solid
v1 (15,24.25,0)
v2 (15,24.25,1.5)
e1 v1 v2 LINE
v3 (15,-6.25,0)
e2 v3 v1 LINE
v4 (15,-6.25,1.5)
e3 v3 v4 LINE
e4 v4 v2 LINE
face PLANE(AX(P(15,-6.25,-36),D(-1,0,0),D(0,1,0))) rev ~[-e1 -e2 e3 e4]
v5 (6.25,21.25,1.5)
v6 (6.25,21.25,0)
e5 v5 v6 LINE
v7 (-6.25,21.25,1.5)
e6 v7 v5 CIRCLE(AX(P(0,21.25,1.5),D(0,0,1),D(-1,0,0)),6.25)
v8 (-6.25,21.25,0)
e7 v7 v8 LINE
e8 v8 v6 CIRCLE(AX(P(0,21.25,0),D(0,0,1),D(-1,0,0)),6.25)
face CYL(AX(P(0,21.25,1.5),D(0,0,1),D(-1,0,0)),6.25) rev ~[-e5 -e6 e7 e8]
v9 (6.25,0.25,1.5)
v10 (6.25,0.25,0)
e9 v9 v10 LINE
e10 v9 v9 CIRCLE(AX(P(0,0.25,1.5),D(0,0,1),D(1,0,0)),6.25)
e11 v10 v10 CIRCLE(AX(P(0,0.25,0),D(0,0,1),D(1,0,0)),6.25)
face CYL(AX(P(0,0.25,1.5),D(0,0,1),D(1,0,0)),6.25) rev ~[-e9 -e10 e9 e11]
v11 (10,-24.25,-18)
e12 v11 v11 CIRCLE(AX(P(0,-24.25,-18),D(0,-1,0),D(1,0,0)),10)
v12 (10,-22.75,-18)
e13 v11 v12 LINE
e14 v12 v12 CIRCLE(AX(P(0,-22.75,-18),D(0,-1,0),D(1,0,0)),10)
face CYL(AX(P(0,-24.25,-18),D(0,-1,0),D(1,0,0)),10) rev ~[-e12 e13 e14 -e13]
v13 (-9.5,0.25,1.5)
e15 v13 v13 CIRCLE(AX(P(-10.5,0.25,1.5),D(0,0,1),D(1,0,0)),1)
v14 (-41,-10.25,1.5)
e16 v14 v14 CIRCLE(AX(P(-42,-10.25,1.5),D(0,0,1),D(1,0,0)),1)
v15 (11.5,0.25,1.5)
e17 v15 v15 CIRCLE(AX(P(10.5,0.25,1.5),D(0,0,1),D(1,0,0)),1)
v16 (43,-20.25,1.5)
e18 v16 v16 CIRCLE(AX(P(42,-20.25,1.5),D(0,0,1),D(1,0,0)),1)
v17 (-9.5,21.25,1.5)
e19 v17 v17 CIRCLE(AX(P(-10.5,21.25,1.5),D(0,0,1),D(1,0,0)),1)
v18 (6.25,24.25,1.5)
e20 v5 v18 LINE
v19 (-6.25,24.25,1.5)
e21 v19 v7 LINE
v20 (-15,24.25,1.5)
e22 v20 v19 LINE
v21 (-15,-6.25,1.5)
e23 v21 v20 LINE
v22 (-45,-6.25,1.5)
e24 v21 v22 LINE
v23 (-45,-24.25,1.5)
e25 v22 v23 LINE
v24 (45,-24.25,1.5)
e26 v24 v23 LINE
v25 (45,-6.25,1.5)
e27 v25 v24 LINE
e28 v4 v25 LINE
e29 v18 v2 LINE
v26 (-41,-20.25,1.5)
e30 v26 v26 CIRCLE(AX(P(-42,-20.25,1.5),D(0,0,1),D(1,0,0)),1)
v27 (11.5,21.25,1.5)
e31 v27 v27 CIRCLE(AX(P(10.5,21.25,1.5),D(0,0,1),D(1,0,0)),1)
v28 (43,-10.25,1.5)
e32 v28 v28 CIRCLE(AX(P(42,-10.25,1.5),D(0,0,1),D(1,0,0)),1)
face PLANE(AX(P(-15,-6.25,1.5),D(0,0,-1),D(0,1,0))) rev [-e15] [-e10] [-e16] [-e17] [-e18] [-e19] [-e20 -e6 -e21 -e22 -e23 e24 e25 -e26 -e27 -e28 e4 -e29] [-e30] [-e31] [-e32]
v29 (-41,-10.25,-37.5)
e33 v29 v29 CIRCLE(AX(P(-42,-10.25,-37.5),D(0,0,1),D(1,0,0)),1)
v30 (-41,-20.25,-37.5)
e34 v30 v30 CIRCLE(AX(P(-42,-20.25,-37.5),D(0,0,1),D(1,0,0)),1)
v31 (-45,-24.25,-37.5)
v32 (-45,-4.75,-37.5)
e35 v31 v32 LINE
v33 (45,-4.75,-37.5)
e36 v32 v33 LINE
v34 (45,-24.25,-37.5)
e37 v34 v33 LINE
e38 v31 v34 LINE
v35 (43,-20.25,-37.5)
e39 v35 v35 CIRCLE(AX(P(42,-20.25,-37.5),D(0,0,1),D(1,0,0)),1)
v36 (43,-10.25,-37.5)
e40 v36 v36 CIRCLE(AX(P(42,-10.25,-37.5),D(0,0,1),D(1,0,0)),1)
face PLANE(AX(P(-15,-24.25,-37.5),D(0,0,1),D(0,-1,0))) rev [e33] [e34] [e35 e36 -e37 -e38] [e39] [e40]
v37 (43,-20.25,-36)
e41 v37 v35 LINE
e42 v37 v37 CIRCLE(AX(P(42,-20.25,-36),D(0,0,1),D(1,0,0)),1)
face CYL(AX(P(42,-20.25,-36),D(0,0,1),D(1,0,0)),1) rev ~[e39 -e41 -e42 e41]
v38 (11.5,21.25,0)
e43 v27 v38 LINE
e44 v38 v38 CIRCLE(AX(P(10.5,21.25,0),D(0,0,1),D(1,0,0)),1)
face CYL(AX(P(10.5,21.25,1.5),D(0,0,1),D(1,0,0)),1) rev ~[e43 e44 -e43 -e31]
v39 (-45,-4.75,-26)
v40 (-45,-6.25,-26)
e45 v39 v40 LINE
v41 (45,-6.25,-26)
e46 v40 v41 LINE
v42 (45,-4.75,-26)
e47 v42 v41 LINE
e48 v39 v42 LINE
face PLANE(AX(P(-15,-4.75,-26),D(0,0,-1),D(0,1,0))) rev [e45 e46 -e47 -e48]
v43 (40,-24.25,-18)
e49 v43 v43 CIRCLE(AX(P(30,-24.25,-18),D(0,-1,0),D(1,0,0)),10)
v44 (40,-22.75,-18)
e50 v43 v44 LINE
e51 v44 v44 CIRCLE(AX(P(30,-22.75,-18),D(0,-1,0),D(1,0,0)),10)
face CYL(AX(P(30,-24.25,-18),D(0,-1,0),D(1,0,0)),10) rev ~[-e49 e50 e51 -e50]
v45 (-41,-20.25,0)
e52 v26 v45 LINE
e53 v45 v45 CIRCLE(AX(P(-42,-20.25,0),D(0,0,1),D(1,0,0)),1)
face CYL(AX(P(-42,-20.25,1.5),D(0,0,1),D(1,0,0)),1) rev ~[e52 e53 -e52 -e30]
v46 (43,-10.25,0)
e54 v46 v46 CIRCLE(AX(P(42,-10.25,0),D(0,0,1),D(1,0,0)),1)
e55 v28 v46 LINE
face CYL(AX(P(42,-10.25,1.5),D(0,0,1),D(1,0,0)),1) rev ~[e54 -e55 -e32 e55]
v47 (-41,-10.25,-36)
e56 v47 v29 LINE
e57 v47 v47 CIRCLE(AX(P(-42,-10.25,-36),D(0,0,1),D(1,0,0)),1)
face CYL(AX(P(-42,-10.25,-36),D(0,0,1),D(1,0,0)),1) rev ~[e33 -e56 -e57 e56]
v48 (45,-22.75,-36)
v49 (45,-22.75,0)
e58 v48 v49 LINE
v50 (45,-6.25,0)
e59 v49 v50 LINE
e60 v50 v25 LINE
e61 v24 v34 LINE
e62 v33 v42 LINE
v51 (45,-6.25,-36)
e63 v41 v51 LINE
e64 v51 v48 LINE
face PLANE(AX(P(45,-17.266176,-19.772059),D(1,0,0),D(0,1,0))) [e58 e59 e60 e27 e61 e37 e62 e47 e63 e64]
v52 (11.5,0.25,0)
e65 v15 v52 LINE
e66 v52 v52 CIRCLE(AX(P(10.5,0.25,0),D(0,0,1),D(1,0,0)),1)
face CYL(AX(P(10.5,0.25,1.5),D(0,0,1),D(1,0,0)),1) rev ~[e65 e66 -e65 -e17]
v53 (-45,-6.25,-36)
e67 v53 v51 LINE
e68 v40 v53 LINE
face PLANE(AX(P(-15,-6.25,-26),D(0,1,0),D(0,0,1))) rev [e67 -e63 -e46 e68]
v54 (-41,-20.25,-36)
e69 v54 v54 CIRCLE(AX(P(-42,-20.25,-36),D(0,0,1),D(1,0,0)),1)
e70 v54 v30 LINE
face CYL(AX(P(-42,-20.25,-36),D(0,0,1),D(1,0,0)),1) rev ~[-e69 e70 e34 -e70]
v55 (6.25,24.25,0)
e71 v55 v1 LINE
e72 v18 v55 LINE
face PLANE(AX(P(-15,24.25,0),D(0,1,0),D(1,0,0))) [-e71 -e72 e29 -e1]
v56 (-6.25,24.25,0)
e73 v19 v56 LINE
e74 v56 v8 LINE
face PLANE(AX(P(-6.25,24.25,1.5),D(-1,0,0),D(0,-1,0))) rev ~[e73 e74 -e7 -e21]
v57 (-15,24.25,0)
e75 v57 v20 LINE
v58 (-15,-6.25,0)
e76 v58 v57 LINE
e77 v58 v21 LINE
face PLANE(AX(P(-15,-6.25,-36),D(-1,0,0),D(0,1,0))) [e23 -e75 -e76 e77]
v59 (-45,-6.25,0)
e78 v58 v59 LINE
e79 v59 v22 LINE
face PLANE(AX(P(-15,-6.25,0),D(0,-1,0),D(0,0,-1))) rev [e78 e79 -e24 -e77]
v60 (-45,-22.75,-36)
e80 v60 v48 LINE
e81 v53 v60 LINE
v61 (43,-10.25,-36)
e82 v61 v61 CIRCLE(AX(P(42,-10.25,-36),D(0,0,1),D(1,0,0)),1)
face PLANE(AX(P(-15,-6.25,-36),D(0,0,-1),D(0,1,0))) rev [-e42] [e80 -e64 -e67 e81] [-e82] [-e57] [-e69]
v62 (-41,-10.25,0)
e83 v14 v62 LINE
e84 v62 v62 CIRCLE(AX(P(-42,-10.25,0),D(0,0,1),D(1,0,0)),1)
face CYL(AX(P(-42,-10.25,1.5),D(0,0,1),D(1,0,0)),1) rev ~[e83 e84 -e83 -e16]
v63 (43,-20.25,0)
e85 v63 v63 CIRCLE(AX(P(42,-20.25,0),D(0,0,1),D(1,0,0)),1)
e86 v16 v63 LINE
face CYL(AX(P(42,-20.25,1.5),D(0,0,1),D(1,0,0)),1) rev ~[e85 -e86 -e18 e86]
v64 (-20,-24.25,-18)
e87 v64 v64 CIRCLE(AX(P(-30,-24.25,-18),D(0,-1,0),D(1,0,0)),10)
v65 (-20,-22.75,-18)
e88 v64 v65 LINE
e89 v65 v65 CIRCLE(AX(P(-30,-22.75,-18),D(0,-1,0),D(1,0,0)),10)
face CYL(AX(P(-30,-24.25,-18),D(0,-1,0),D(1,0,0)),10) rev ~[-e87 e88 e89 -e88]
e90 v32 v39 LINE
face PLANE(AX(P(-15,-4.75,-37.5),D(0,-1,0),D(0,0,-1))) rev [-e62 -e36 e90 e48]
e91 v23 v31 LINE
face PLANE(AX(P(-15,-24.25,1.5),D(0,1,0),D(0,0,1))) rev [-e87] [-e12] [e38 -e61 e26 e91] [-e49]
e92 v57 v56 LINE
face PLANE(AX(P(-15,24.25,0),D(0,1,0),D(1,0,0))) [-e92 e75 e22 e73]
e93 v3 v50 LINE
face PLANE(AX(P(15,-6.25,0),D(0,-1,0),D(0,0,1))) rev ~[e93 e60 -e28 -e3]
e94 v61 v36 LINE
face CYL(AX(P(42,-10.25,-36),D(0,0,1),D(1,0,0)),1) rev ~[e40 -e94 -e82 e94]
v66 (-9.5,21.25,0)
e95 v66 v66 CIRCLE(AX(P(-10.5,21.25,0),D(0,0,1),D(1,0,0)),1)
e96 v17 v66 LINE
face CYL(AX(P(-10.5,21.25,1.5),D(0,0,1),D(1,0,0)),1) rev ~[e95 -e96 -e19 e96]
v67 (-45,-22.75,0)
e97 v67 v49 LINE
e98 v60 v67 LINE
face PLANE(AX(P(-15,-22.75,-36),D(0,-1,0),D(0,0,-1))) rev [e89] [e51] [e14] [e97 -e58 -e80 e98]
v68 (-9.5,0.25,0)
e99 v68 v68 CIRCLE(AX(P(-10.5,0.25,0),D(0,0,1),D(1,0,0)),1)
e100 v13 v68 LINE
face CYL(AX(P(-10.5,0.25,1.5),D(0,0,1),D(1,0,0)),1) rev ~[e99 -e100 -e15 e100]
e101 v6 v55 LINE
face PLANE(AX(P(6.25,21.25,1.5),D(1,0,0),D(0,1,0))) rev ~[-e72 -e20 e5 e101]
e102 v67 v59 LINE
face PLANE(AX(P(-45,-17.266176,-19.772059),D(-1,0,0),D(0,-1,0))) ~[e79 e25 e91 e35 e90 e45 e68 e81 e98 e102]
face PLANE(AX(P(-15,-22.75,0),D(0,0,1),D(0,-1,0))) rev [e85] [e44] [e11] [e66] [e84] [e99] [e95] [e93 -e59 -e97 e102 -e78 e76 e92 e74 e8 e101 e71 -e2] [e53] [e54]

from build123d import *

# Parameters (mm, degrees)
F0_W      = 30
F0_H      = 48.5
F1_DEPTH  = 1.5
F2_W      = 30
F2_H      = 1.5
F3_DEPTH  = 37.5
F4_W      = 30
F4_H      = 1.5
F5_DEPTH  = 18
F6_W      = 30
F6_H      = 1.5
F7_DEPTH  = 10
F9_DEPTH  = 30
F11_R     = 1
F11_R_2   = 6.25
F12_DEPTH = 1.5
F13_R     = 1
F14_DEPTH = 1.5
F15_R     = 10
F16_DEPTH = 1.5


with BuildPart() as f1:
    # F0 (on Top) → F1 (new body)
    with BuildSketch(Plane.XY):
        Rectangle(F0_W, F0_H)
    extrude(amount=F1_DEPTH)

    # F2 (on face) → F3 (join)
    with BuildSketch(Plane(origin=(0, 0, 0), x_dir=(1, 0, 0), z_dir=(0, 0, -1))):
        with Locations((0, 23.5)):
            Rectangle(F2_W, F2_H)
    extrude(amount=F3_DEPTH)

    # F4 (on face) → F5 (join)
    with BuildSketch(Plane(origin=(0, -22.75, 0), x_dir=(-1, 0, 0), z_dir=(0, 1, 0))):
        with Locations((0, -36.75)):
            Rectangle(F4_W, F4_H)
    extrude(amount=F5_DEPTH)

    # F6 (on face) → F7 (join)
    with BuildSketch(Plane.XY.offset(-36)):
        with Locations((0, -5.5)):
            Rectangle(F6_W, F6_H)
    extrude(amount=F7_DEPTH)

    # F8 (on face) → F9 (join)
    with BuildSketch(Plane.YZ.offset(15)):
        Polygon((-22.75, 1.5), (-24.25, 1.5), (-24.25, -37.5), (-22.75, -37.5), (-6.25, -37.5), (-4.75, -37.5), (-4.75, -26), (-6.25, -26), (-6.25, -36), (-22.75, -36), (-22.75, 0), (-6.25, 0), (-6.25, 1.5), align=None)
    extrude(amount=F9_DEPTH)

    # F10: F1 across plane


with BuildPart() as f1_1:
    add(f1.part)
    add(f1.part.mirror(Plane.YZ))

    # F11 (on face) → F12 (cut, through all)
    with BuildSketch(Plane.XY.offset(1.5)):
        with Locations((10.5, 21.25)):
            Circle(F11_R)
        with Locations((10.5, 0.25)):
            Circle(F11_R)
        with BuildLine():
            Line((-6.25, 24.25), (-6.25, 21.25))
            ThreePointArc((-6.25, 21.25), (0, 15), (6.25, 21.25))
            Line((6.25, 21.25), (6.25, 24.25))
            Line((6.25, 24.25), (-6.25, 24.25))
        make_face()
        with Locations((-10.5, 21.25)):
            Circle(F11_R)
        with Locations((-10.5, 0.25)):
            Circle(F11_R)
        with Locations((0, 0.25)):
            Circle(F11_R_2)
        with Locations((-42, -10.25)):
            Circle(F11_R)
        with Locations((-42, -20.25)):
            Circle(F11_R)
        with Locations((42, -10.25)):
            Circle(F11_R)
        with Locations((42, -20.25)):
            Circle(F11_R)
    extrude(amount=-F12_DEPTH, mode=Mode.SUBTRACT)

    # F13 (on face) → F14 (cut, through all)
    with BuildSketch(Plane.XY.offset(-36)):
        with Locations((-42, -10.25)):
            Circle(F13_R)
        with Locations((-42, -20.25)):
            Circle(F13_R)
        with Locations((42, -10.25)):
            Circle(F13_R)
        with Locations((42, -20.25)):
            Circle(F13_R)
    extrude(amount=-F14_DEPTH, mode=Mode.SUBTRACT)

    # F15 (on face) → F16 (cut, through all)
    with BuildSketch(Plane.XZ.offset(24.25)):
        with Locations((0, -18)):
            Circle(F15_R)
        with Locations((-30, -18)):
            Circle(F15_R)
        with Locations((30, -18)):
            Circle(F15_R)
    extrude(amount=-F16_DEPTH, mode=Mode.SUBTRACT)


solid = f1_1.part
